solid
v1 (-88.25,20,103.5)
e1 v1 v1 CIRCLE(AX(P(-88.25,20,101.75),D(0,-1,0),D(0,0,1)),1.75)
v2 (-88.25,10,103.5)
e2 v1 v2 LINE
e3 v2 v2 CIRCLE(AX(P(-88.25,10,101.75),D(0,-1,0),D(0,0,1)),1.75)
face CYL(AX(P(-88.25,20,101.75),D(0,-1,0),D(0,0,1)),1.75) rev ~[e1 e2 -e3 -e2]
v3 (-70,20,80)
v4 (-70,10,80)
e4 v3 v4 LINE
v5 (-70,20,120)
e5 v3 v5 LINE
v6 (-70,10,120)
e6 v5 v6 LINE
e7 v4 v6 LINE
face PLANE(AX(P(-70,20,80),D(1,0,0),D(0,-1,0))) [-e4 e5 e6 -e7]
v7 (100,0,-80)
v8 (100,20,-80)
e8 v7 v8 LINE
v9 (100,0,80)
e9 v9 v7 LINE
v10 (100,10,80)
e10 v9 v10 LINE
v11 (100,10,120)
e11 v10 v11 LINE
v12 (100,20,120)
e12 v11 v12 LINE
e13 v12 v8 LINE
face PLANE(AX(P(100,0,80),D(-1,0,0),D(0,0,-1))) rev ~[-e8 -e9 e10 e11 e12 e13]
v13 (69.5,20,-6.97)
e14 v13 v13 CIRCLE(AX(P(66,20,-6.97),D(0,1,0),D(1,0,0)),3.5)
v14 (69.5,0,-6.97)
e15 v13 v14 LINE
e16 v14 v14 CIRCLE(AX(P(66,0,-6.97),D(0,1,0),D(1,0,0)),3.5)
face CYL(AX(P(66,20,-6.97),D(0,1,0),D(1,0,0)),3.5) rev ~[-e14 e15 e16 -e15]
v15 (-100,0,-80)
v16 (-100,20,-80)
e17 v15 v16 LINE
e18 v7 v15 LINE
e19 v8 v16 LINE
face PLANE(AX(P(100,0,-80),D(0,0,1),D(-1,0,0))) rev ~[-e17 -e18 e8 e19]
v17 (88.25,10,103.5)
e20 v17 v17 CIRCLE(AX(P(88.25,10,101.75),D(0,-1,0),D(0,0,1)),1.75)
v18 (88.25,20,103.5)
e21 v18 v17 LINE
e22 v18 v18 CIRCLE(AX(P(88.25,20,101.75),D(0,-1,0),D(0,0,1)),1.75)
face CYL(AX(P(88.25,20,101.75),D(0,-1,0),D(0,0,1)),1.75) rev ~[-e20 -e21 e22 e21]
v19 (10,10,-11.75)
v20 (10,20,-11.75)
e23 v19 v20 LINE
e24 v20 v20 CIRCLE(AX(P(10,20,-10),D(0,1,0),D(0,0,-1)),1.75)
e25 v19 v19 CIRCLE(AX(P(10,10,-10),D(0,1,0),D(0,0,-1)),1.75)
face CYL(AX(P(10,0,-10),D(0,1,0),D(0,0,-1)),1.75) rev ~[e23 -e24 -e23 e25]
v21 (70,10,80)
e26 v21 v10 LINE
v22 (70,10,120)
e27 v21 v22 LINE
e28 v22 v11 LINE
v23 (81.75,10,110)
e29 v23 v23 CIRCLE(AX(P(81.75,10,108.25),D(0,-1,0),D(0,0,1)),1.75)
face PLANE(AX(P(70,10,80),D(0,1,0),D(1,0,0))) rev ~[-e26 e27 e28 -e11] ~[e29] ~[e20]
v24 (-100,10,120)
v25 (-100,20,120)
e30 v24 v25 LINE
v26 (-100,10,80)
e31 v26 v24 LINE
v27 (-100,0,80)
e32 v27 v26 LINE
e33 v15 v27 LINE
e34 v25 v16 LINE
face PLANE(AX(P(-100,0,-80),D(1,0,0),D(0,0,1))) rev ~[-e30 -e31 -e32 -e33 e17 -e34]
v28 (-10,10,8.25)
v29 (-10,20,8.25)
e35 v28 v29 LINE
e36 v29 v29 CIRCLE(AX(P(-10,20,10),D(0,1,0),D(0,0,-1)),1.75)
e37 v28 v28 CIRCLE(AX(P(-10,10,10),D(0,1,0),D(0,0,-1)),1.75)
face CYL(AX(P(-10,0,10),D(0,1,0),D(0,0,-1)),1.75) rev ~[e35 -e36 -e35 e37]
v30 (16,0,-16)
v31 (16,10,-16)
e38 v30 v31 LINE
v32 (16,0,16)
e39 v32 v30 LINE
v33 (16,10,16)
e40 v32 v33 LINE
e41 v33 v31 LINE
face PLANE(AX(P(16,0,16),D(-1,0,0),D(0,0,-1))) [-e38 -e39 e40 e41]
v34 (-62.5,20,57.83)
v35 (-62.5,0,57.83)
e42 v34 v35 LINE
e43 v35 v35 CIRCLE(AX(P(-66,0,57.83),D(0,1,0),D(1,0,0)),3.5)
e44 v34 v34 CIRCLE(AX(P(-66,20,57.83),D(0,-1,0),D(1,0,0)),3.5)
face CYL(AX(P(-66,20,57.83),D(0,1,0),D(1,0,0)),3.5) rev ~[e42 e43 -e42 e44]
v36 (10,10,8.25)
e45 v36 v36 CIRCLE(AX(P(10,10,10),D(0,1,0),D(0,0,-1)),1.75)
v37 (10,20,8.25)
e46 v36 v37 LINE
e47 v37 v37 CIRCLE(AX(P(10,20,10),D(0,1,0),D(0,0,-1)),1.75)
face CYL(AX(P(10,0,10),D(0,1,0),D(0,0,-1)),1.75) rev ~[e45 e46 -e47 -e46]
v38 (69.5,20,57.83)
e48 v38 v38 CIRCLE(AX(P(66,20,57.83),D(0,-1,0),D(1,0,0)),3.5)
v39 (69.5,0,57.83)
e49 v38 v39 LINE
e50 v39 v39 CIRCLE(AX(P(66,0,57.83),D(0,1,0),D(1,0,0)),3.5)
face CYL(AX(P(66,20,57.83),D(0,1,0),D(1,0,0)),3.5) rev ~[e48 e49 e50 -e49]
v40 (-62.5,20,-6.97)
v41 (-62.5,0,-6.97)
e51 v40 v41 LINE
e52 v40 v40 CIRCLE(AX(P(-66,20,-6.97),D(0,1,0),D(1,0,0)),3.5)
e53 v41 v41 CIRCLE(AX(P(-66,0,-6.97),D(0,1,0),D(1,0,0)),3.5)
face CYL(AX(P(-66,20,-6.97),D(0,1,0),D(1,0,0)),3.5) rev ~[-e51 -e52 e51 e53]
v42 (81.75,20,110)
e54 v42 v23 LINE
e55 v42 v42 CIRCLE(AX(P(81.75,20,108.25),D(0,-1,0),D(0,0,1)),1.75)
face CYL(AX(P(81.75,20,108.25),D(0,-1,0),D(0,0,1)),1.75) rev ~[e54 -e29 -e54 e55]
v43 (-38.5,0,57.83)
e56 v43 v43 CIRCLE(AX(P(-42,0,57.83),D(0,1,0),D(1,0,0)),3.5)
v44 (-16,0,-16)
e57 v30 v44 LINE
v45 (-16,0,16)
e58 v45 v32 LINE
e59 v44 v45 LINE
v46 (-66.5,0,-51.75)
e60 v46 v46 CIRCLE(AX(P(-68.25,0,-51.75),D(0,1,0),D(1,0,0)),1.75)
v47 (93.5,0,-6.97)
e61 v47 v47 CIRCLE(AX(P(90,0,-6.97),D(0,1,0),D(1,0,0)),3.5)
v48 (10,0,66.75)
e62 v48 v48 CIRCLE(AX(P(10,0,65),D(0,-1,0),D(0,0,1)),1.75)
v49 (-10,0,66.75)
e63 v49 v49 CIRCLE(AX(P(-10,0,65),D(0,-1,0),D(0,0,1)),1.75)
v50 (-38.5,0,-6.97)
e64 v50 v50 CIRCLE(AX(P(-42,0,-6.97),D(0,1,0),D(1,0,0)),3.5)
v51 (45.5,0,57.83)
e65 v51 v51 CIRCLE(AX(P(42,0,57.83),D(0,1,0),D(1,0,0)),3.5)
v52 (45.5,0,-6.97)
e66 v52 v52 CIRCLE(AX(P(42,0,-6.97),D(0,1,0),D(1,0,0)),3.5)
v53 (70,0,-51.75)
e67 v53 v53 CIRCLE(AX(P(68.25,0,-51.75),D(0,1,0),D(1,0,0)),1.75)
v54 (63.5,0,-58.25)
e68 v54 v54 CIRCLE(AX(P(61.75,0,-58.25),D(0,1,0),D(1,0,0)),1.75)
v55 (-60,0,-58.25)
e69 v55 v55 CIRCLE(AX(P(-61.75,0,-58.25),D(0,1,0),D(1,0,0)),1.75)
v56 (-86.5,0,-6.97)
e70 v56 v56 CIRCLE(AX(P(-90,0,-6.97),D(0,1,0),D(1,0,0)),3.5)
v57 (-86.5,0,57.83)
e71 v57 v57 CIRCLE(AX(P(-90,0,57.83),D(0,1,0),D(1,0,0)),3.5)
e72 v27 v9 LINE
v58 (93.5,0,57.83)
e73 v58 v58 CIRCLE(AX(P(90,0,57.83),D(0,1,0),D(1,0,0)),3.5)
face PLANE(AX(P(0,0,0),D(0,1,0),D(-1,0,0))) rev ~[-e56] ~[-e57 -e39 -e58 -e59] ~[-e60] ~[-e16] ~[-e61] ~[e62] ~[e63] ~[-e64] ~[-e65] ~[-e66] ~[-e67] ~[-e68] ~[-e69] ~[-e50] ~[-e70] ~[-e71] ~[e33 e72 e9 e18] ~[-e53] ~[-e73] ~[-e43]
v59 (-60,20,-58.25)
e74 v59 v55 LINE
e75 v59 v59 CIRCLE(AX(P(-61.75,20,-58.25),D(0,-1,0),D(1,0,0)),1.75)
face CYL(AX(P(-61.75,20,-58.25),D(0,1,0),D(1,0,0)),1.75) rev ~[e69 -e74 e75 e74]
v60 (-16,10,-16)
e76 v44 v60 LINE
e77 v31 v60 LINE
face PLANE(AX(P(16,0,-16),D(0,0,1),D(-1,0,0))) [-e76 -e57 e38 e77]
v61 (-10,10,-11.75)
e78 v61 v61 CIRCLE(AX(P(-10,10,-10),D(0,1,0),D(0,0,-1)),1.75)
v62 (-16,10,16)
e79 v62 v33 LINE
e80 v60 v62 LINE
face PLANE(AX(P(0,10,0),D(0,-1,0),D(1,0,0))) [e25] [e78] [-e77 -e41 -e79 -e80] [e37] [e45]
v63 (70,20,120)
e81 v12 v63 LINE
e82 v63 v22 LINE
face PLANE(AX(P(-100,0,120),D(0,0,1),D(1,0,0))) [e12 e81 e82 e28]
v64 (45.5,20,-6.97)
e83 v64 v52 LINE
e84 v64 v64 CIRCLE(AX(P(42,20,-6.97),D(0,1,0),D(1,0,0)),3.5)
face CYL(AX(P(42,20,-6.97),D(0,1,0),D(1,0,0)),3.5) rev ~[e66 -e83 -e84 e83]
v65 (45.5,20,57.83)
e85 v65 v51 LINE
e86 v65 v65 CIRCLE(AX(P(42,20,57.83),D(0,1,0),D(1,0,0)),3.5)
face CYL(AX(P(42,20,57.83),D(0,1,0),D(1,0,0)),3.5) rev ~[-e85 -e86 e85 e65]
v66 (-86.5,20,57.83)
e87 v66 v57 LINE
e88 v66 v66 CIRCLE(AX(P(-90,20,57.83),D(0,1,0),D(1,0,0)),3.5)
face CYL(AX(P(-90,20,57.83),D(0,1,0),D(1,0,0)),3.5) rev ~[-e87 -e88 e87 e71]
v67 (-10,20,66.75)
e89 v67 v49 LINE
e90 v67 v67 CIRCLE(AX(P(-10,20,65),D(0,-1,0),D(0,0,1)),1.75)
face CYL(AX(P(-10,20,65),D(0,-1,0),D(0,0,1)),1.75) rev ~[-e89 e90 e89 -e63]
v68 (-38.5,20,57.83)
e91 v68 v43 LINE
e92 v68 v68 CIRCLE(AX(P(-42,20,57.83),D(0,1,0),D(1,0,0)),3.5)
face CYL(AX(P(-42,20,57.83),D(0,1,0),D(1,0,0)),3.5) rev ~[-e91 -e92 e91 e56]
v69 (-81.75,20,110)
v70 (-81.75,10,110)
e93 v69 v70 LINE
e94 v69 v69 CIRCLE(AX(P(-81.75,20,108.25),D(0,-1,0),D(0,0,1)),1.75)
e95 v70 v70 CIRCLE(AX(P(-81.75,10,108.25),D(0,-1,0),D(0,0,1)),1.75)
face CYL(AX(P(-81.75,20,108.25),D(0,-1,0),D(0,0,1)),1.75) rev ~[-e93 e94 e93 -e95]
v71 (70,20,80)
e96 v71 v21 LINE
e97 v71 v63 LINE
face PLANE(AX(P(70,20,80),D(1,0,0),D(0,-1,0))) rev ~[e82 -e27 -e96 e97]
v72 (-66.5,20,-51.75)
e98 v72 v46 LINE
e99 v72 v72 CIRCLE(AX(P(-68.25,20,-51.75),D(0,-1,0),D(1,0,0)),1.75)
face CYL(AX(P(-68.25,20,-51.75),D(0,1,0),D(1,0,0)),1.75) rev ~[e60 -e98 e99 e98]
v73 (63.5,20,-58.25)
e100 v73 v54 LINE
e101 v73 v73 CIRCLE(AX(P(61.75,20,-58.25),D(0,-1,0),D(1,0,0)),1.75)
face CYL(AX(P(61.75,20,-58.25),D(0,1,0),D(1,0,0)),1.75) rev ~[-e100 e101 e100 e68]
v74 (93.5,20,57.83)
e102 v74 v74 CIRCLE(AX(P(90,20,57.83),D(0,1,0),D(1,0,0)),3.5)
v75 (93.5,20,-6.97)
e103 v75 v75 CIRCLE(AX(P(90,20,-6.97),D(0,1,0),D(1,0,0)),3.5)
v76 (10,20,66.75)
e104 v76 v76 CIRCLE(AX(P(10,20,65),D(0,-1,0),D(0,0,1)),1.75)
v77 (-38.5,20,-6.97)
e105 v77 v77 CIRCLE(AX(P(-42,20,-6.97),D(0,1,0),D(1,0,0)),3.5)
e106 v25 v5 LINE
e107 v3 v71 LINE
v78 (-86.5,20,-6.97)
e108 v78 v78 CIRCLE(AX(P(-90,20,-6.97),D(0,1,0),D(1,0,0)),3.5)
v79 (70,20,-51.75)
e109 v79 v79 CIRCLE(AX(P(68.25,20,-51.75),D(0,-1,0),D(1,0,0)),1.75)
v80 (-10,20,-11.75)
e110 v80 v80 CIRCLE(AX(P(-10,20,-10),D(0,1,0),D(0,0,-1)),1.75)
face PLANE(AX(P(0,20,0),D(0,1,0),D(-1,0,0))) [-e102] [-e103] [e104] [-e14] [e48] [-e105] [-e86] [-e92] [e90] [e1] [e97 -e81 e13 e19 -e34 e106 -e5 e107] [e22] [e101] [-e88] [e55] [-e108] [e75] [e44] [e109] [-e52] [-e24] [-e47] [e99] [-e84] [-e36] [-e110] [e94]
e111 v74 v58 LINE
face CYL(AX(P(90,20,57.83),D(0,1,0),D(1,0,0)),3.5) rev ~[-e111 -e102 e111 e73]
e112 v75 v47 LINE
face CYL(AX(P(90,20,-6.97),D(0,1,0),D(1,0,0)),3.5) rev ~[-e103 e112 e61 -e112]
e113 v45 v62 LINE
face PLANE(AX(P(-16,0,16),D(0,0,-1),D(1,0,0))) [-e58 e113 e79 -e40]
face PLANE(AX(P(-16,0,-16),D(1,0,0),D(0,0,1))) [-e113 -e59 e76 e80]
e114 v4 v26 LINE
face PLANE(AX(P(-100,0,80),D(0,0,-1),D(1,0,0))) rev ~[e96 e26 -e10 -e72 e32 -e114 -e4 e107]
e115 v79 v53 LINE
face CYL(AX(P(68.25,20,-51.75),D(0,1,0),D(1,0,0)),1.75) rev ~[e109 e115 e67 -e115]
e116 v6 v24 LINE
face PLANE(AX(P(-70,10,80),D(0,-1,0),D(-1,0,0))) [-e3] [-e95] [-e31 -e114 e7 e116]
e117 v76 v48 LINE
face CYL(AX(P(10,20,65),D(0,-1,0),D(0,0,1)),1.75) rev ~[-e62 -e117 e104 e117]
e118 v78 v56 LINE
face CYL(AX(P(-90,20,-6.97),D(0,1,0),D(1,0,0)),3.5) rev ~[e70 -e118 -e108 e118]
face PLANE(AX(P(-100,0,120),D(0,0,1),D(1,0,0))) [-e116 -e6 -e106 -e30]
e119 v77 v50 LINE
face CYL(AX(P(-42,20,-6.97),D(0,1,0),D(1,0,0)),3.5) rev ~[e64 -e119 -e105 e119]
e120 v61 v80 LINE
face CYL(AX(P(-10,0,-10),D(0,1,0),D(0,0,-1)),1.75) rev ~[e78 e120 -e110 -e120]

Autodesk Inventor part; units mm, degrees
ref_plane "YZ Plane" through (0, 0, 0) normal (1, 0, 0) x (0, 1, 0)
ref_plane "XZ Plane" through (0, 0, 0) normal (0, 1, 0) x (-1, 0, 0)
ref_plane "XY Plane" through (0, 0, 0) normal (0, 0, 1) x (1, 0, 0)
sketch "Boceto1" plane through (0, 0, 0) normal (0, 1, 0) x (-1, 0, 0)
  line L0 (100, 80) -> (-100, 80)
  line L1 (-100, 80) -> (-100, -80)
  line L2 (-100, -80) -> (100, -80)
  line L3 (100, -80) -> (100, 80)
  line L4 (100, 80) -> (-100, -80) construction
  line L5 (-100, 80) -> (100, -80) construction
  point P0 (0, 0)
  dimension "d0" = 200
  dimension "d1" = 160
extrude "Extrusión1" add sketch "Boceto1" along normal blind 20
sketch "Boceto2" plane through (0, 20, 0) normal (0, 1, 0) x (1, 0, 0)
  circle A0 centre (-90, -57.83) radius 3.5
  line L0 (-100, -65.43) -> (-32, -65.43)
  line L1 (-32, -65.43) -> (-32, 14.57)
  line L2 (-32, 14.57) -> (-100, 14.57)
  line L3 (-100, 14.57) -> (-100, -65.43)
  line L4 (-66, -65.43) -> (-66, -8.508)
  circle A1 centre (-66, -57.83) radius 3.5
  circle A2 centre (-42, -57.83) radius 3.5
  line L5 (-32, -25.43) -> (-48.2072, -25.43)
  circle A3 centre (-42, 6.97) radius 3.5
  circle A4 centre (-66, 6.97) radius 3.5
  circle A5 centre (-90, 6.97) radius 3.5
  circle A6 centre (-60, 55) radius 5
  line L6 (-100, 80) -> (-100, -80) projected
  line L7 (0, 0) -> (0, -20.5185)
  circle A7 centre (90, -57.83) radius 3.5
  circle A8 centre (66, -57.83) radius 3.5
  circle A9 centre (42, -57.83) radius 3.5
  line L8 (100, -65.43) -> (32, -65.43)
  line L9 (66, -65.43) -> (66, -8.508)
  line L10 (32, -25.43) -> (48.2072, -25.43)
  circle A10 centre (90, 6.97) radius 3.5
  line L11 (100, 14.57) -> (100, -65.43)
  circle A11 centre (66, 6.97) radius 3.5
  line L12 (32, 14.57) -> (100, 14.57)
  line L13 (32, -65.43) -> (32, 14.57)
  circle A12 centre (42, 6.97) radius 3.5
  circle A13 centre (60, 55) radius 5
  line L14 (100, 80) -> (100, -80)
  dimension "d4" = 7
  dimension "d5" = 68
  dimension "d6" = 80
  dimension "d7" = 7.6
  dimension "d8" = 10
  dimension "d9" = 7
  dimension "d10" = 24
  dimension "d11" = 10
  dimension "d16" = 0
  dimension "d19" = 40
extrude "Extrusión2" cut sketch "Boceto2" against normal blind 20 contours A0 | A1 L4 | L4 A1 | A2 | A3 | A4 | A5 | A7 | A8 L9 | L9 A8 | A9 | A10 | A11 | A12
sketch "Boceto3" plane through (-100, 0, 80) normal (0, 0, 1) x (1, 0, 0)
  line L0 (0, 20) -> (30, 20)
  line L1 (30, 20) -> (30, 10)
  line L2 (30, 10) -> (0, 10)
  line L3 (0, 10) -> (0, 20)
  line L4 (100, 0) -> (100, 11.6249)
  line L5 (200, 20) -> (170, 20)
  line L6 (170, 20) -> (170, 10)
  line L7 (170, 10) -> (200, 10)
  line L8 (200, 10) -> (200, 20)
  dimension "d22" = 30
  dimension "d23" = 10
extrude "Extrusión3" add sketch "Boceto3" along normal blind 40
sketch "Boceto4" plane through (0, 20, 0) normal (0, 1, 0) x (1, 0, 0)
  line L0 (-60, 60) -> (-60, 50)
  line L1 (-70, 50) -> (-70, 60)
  line L2 (-60, 50) -> (-70, 60) construction
  line L3 (-70, 50) -> (-60, 60) construction
  line L4 (-60, 50) -> (-70, 50)
  circle A0 centre (-68.25, 51.75) radius 1.75
  line L5 (-70, 60) -> (-60, 60)
  circle A1 centre (-61.75, 58.25) radius 1.75
  line L6 (100, 80) -> (-100, 80) projected
  line L7 (0, 80) -> (0, 60)
  line L8 (60, 60) -> (60, 50)
  circle A2 centre (61.75, 58.25) radius 1.75
  line L9 (70, 60) -> (60, 60)
  line L10 (70, 50) -> (70, 60)
  line L11 (60, 50) -> (70, 60) construction
  line L12 (70, 50) -> (60, 60) construction
  line L13 (60, 50) -> (70, 50)
  circle A3 centre (68.25, 51.75) radius 1.75
  line L14 (-100, 80) -> (-100, -120) projected
  line L15 (100, 80) -> (100, -120) projected
  point P0 (0, 0)
  point P1 (-70.0286, 64.971)
  point P2 (-65, 50)
  point P3 (70.0286, 64.971)
  point P4 (65, 50)
  dimension "d26" = 1.75
  dimension "d27" = 8.25
  dimension "d28" = 20
  dimension "d29" = 10
  dimension "d30" = 10
  dimension "d31" = 1.75
  dimension "d32" = 1.75
  dimension "d33" = 1.75
  dimension "d58" = 30
  dimension "d59" = 30
extrude "Extrusión4" cut sketch "Boceto4" against normal blind 40 contours A1 | A0 | A2 | A3
sketch "Boceto5" plane through (0, 20, 0) normal (0, 1, 0) x (1, 0, 0)
  line L0 (-100, -80) -> (-100, -120)
  line L1 (-70.0001, -120) -> (-70.0001, -80)
  line L2 (-55.1959, -79.9497) -> (-70.0001, -80)
  line L3 (-70.0001, -80) -> (-100, -80)
  line L4 (-100, -120) -> (-70.0001, -120)
  line L5 (-64.3507, -80) -> (-74.3507, -80)
  circle A0 centre (-81.75, -108.25) radius 1.75
  circle A1 centre (-88.25, -101.75) radius 1.75
  line L6 (-70.0001, -80) -> (70.0001, -80)
  line L7 (0, -80) -> (0, -101.75)
  circle A2 centre (81.75, -108.25) radius 1.75
  circle A3 centre (88.25, -101.75) radius 1.75
  line L8 (-70, -80) -> (70, -80) projected
  line L9 (-100, 80) -> (-100, -120) projected
  point P0 (0, 0)
  point P1 (-81.75, -101.75)
  point P2 (-63.4459, -118.25)
  point P3 (81.75, -101.75)
  dimension "d36" = 11.7499
  dimension "d37" = 40
  dimension "d38" = 29.9999
  dimension "d39" = 21.75
  dimension "d40" = 11.75
  dimension "d41" = 28.3003
  dimension "d42" = 11.7499
  dimension "d43" = 0
  dimension "d44" = 0
hole "Agujero1" at (-88.25, 20, 101.75) at (-81.75, 20, 108.25) at (81.75, 20, 108.25) at (88.25, 20, 101.75) direction (0, -1, 0) diameter 3.5 end through all
ref_plane "Plano de trabajo1" through (100, 0, 0) normal (0, 0, -1) x (-1, 0, 0)
ref_plane "Plano de trabajo2" through (0, 0, -80) normal (-1, 0, 0) x (0, 0, 1)
sketch "Boceto6" plane through (0, 0, 0) normal (0, -1, 0) x (1, 0, 0)
  circle A0 centre (10, -10) radius 1.75
  line L0 (6.803, 0) -> (14.6069, 0)
  line L1 (0, 0) -> (0, -4.8284)
  line L2 (0, 0) -> (20.0354, 0)
  circle A1 centre (10, 10) radius 1.75
  line L3 (0, 0) -> (0, 4.8284)
  circle A2 centre (-10, 10) radius 1.75
  circle A3 centre (-10, -10) radius 1.75
  dimension "d63" = 3.5
  dimension "d64" = 10
  dimension "d65" = 10
hole "Agujero2" at (10, 0, 10) at (-10, 0, 10) at (-10, 0, -10) at (10, 0, -10) direction (0, 1, 0) diameter 3.5 end through all
sketch "Boceto7" plane through (0, 0, 0) normal (0, -1, 0) x (1, 0, 0)
  line L0 (-16, 16) -> (16, 16)
  line L1 (16, 16) -> (16, -16)
  line L2 (16, -16) -> (-16, -16)
  line L3 (-16, -16) -> (-16, 16)
  line L4 (-16, 16) -> (16, -16) construction
  line L5 (16, 16) -> (-16, -16) construction
  point P0 (0, 0)
  point P1 (0, 0)
  point P2 (0, 0)
  dimension "d73" = 32
  dimension "d74" = 32
extrude "Extrusión5" cut sketch "Boceto7" against normal blind 10
sketch "Boceto8" plane through (0, 20, 0) normal (0, 1, 0) x (1, 0, 0)
  line L0 (-15, -60) -> (15, -60)
  circle A0 centre (10, -65) radius 1.75
  line L1 (-10, -65) -> (10, -65)
  line L2 (15, -60) -> (15, -70)
  circle A1 centre (-10, -65) radius 1.75
  line L3 (-15, -70) -> (15, -60) construction
  line L4 (-15, -60) -> (15, -70) construction
  line L5 (-15, -70) -> (-15, -60)
  line L6 (15, -70) -> (-15, -70)
  point P0 (0, 0)
  point P1 (0, -69.1269)
  point P2 (-15, -67.1661)
  point P3 (0, -69.1269)
  point P4 (15, -65)
  dimension "d77" = 10
  dimension "d78" = 30
  dimension "d79" = 5
  dimension "d80" = 5
  dimension "d81" = 5
  dimension "d82" = 5
hole "Agujero3" at (-10, 20, 65) at (10, 20, 65) direction (0, -1, 0) diameter 3.5 end through all
properties part number "base_back_20"
